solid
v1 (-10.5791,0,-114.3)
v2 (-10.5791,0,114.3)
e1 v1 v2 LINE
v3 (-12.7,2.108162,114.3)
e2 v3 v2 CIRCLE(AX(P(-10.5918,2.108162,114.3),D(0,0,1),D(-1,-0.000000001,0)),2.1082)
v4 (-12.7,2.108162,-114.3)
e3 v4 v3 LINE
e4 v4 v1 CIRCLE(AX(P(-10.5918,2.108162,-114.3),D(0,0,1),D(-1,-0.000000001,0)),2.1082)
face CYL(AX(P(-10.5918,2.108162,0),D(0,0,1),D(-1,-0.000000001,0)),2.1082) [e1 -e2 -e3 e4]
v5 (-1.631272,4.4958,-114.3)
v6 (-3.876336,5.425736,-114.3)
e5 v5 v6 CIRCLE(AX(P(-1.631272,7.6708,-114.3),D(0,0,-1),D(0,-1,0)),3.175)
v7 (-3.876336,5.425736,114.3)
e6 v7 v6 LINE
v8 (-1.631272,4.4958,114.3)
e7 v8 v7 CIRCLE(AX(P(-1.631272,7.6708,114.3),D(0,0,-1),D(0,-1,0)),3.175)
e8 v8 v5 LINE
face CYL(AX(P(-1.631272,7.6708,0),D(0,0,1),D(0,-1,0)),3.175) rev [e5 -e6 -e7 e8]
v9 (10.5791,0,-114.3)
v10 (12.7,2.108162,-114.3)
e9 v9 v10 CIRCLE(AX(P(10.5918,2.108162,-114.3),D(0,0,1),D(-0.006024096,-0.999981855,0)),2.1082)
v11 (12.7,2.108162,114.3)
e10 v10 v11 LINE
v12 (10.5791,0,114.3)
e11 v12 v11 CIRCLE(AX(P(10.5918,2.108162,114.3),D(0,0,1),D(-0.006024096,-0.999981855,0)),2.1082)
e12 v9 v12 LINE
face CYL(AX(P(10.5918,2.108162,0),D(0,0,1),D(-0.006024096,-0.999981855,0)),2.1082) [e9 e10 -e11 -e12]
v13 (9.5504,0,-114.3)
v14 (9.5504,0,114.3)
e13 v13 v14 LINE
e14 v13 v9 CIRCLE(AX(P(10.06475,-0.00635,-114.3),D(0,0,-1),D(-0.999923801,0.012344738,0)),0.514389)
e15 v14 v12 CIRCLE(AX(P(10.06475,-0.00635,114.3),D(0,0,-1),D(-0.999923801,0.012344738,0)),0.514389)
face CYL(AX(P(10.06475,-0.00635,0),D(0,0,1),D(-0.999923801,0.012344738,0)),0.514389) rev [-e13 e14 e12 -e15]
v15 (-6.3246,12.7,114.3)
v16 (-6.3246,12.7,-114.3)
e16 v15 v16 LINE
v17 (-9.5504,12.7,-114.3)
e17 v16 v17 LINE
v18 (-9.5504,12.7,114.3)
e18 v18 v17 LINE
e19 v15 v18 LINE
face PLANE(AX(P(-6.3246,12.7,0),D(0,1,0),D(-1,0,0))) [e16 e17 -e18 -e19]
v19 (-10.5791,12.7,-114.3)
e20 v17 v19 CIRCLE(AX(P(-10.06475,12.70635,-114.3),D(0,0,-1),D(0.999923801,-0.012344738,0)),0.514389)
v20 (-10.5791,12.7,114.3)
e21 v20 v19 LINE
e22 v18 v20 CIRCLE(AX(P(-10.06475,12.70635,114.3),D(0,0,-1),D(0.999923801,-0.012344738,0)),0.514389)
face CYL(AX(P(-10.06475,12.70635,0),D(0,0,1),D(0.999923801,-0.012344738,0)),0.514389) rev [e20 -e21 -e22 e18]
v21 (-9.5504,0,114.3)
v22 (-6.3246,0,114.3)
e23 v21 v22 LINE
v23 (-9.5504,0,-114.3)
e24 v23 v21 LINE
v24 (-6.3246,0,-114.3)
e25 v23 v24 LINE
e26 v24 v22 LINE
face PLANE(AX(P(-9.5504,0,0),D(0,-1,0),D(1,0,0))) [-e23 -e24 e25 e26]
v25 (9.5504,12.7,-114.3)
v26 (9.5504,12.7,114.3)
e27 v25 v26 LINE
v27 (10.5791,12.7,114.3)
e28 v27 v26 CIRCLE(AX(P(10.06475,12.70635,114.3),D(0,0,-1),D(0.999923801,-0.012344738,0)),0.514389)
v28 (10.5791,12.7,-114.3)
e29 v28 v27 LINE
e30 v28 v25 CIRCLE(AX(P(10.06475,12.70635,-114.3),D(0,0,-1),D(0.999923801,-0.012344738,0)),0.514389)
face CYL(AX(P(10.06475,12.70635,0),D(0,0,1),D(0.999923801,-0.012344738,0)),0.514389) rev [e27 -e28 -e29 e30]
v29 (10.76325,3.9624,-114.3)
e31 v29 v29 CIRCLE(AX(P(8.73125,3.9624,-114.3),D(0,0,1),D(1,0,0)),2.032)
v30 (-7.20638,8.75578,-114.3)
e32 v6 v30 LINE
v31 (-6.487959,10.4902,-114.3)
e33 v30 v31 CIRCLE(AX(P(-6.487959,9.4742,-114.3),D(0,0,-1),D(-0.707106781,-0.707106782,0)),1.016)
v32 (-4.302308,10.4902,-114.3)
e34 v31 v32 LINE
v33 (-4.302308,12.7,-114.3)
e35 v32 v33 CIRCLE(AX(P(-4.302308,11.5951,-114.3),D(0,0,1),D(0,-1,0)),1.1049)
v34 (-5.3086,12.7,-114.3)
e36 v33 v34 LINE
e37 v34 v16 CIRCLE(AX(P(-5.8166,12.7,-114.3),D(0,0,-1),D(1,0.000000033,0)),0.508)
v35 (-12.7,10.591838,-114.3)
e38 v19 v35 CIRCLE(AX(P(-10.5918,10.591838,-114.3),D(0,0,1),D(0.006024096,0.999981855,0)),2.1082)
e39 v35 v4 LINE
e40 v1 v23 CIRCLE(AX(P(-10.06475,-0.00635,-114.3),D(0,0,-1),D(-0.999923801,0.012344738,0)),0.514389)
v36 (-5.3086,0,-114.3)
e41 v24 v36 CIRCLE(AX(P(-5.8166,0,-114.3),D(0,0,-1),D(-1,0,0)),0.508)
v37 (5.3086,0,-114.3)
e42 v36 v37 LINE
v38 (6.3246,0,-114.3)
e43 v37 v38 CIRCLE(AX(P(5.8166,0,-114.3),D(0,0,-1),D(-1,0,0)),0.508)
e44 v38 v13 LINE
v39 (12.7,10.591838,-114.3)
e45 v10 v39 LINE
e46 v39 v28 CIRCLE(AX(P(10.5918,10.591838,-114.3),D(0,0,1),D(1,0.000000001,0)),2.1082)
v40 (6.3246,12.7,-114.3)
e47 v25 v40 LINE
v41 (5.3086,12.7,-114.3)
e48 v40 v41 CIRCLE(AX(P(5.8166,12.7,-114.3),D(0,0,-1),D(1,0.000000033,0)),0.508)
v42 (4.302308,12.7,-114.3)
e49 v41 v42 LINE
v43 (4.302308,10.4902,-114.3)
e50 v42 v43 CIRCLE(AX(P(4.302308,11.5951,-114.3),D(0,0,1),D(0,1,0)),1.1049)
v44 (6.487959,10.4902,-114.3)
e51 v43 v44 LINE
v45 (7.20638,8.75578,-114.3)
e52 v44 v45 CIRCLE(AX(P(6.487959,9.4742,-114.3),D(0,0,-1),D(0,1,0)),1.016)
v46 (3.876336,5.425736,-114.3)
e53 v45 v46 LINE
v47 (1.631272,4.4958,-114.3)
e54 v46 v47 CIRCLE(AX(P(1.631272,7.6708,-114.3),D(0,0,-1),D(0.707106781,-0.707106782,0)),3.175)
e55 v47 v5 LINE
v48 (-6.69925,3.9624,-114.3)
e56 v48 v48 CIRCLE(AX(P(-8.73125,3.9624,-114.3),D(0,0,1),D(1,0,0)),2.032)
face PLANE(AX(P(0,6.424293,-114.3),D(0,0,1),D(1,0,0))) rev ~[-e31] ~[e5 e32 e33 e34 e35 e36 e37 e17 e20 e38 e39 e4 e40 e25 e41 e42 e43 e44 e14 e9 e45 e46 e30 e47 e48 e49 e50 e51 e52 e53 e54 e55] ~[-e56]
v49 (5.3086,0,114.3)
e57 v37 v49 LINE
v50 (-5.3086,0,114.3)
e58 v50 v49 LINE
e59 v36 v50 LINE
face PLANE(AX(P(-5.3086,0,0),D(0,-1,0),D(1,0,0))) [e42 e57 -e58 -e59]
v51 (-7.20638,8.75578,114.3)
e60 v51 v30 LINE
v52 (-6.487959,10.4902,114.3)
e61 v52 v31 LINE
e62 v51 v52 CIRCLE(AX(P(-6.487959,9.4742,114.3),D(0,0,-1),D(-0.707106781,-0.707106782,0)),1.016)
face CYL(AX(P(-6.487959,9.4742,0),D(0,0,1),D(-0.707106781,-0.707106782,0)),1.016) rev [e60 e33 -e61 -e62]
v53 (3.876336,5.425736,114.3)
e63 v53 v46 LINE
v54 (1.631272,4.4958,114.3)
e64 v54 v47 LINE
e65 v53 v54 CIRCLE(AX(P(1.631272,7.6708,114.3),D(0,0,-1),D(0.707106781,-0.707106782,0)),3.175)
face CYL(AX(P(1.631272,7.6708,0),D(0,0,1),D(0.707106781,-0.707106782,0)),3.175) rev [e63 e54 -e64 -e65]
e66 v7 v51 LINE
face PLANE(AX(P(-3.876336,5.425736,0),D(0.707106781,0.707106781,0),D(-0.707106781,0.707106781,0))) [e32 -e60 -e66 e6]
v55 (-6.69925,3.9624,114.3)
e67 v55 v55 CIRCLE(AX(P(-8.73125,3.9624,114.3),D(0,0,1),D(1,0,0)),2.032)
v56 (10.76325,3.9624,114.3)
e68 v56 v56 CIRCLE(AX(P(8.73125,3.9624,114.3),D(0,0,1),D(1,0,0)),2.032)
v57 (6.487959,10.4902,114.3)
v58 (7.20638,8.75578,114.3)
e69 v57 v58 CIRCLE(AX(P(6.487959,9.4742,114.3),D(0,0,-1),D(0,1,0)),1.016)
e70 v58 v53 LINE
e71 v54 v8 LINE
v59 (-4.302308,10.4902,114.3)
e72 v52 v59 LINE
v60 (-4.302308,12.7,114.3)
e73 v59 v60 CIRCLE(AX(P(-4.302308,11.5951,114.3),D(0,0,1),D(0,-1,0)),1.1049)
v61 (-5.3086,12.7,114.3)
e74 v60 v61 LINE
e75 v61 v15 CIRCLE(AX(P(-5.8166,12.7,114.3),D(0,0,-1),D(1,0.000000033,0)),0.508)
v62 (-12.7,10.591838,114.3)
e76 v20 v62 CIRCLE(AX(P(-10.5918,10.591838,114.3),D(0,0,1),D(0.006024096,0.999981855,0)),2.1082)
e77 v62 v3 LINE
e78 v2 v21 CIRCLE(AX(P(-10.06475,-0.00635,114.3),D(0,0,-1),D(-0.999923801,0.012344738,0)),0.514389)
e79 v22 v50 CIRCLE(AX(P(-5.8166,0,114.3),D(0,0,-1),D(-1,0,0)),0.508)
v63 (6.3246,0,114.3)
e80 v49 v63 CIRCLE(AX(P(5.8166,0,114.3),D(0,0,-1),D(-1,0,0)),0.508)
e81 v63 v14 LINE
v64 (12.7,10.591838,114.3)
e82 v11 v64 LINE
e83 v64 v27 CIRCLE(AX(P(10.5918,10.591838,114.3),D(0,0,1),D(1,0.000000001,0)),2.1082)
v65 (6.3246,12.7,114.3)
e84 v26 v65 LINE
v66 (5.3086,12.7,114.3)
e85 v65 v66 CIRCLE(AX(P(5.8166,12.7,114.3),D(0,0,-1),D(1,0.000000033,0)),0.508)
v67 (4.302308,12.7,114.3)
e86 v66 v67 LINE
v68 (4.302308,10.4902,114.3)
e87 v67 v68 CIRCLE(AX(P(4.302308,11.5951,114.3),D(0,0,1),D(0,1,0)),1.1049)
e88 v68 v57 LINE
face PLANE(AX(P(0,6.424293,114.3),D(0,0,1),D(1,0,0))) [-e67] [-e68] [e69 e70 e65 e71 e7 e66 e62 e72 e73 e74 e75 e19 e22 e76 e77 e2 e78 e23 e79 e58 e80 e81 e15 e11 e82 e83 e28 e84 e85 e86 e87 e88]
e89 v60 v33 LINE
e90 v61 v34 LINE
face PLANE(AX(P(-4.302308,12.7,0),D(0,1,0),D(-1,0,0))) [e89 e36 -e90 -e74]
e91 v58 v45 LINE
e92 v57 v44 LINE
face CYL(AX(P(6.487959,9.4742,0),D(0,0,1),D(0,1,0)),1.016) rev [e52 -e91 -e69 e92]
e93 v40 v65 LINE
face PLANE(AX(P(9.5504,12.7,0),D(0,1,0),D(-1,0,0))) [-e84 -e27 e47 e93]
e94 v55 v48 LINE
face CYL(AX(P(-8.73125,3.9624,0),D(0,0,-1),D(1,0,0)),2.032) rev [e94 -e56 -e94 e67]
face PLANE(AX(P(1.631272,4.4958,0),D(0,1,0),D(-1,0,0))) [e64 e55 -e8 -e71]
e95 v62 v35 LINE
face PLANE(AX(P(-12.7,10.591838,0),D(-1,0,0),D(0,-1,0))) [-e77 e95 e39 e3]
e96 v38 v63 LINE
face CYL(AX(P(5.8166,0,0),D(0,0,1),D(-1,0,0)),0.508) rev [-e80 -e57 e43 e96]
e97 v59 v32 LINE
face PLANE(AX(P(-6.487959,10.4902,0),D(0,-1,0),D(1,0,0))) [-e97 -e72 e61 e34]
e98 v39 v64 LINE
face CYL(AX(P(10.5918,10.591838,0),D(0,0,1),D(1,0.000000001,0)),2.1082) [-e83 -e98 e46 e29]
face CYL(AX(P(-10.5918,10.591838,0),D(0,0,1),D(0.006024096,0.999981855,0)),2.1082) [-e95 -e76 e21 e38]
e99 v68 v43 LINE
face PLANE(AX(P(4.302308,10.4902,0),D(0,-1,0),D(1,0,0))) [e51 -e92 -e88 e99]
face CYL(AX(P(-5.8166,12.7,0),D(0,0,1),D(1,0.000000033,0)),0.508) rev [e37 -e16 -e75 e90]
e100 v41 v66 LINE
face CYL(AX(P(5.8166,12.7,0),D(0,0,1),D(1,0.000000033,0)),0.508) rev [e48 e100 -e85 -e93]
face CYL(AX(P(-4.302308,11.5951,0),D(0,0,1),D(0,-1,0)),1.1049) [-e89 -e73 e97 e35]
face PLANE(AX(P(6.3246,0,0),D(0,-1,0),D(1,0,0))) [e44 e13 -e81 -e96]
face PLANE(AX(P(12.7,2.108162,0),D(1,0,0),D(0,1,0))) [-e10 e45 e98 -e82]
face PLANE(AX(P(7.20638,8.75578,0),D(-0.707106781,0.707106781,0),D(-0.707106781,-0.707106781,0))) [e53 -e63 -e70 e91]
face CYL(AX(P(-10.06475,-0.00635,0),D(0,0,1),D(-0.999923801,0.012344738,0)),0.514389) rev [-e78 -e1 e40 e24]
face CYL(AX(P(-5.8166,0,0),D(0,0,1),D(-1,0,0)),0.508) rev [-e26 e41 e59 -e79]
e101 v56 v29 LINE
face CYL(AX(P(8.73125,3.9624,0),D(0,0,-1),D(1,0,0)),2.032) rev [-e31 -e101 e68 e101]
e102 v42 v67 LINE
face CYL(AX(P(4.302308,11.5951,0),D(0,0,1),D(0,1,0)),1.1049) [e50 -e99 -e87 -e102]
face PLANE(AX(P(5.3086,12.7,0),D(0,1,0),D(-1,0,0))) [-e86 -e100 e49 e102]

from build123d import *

# Parameters (mm, degrees)
SKETCH1_R           = 2.032
BOSS_EXTRUDE1_DEPTH = 114.3


with BuildPart() as part:
    # Sketch1 → Boss-Extrude1 (new, symmetric)
    with BuildSketch(Plane.XY):
        with BuildLine():
            Line((-12.7, 10.591838253), (-12.7, 2.108161747))
            ThreePointArc((-12.7, 2.108161747), (-12.078025605, 0.612955845), (-10.5791, 0))
            ThreePointArc((-10.5791, 0), (-10.06475, 0.508039196), (-9.5504, 0))
            Line((-9.5504, 0), (-6.3246, 0))
            ThreePointArc((-6.3246, 0), (-5.8166, 0.508), (-5.3086, 0))
            Line((-5.3086, 0), (5.3086, 0))
            ThreePointArc((5.3086, 0), (5.8166, 0.508), (6.3246, 0))
            Line((6.3246, 0), (9.5504, 0))
            ThreePointArc((9.5504, 0), (10.06475, 0.508039196), (10.5791, 0))
            ThreePointArc((10.5791, 0), (12.078025605, 0.612955845), (12.7, 2.108161747))
            Line((12.7, 2.108161747), (12.7, 10.591838253))
            ThreePointArc((12.7, 10.591838253), (12.078025605, 12.087044155), (10.5791, 12.7))
            ThreePointArc((10.5791, 12.7), (10.06475, 12.191960804), (9.5504, 12.7))
            Line((9.5504, 12.7), (6.3246, 12.7))
            ThreePointArc((6.3246, 12.7), (5.816599999, 12.191999983), (5.3086, 12.700000002))
            Line((5.3086, 12.700000002), (4.302307889, 12.700000002))
            ThreePointArc((4.302307889, 12.700000002), (3.197407889, 11.595100002), (4.302307889, 10.490200002))
            Line((4.302307889, 10.490200002), (6.487959021, 10.490200002))
            ThreePointArc((6.487959021, 10.490200002), (7.426620626, 9.863006369), (7.20637951, 8.755779512))
            Line((7.20637951, 8.755779512), (3.87633597, 5.425735971))
            ThreePointArc((3.87633597, 5.425735971), (2.846291837, 4.737482486), (1.631271939, 4.495800002))
            Line((1.631271939, 4.495800002), (-1.631271939, 4.495800002))
            ThreePointArc((-1.631271939, 4.495800002), (-2.846291837, 4.737482486), (-3.87633597, 5.425735971))
            Line((-3.87633597, 5.425735971), (-7.20637951, 8.755779512))
            ThreePointArc((-7.20637951, 8.755779512), (-7.426620626, 9.863006369), (-6.487959021, 10.490200002))
            Line((-6.487959021, 10.490200002), (-4.302307889, 10.490200002))
            ThreePointArc((-4.302307889, 10.490200002), (-3.197407889, 11.595100002), (-4.302307889, 12.700000002))
            Line((-4.302307889, 12.700000002), (-5.3086, 12.700000002))
            ThreePointArc((-5.3086, 12.700000002), (-5.816599999, 12.191999985), (-6.3246, 12.7))
            Line((-6.3246, 12.7), (-9.5504, 12.7))
            ThreePointArc((-9.5504, 12.7), (-10.06475, 12.191960804), (-10.5791, 12.7))
            ThreePointArc((-10.5791, 12.7), (-12.078025605, 12.087044155), (-12.7, 10.591838253))
        make_face()
        with Locations((-8.73125, 3.9624)):
            Circle(SKETCH1_R, mode=Mode.SUBTRACT)
        with Locations((8.73125, 3.9624)):
            Circle(SKETCH1_R, mode=Mode.SUBTRACT)
    extrude(amount=BOSS_EXTRUDE1_DEPTH, both=True)


solid = part.part
